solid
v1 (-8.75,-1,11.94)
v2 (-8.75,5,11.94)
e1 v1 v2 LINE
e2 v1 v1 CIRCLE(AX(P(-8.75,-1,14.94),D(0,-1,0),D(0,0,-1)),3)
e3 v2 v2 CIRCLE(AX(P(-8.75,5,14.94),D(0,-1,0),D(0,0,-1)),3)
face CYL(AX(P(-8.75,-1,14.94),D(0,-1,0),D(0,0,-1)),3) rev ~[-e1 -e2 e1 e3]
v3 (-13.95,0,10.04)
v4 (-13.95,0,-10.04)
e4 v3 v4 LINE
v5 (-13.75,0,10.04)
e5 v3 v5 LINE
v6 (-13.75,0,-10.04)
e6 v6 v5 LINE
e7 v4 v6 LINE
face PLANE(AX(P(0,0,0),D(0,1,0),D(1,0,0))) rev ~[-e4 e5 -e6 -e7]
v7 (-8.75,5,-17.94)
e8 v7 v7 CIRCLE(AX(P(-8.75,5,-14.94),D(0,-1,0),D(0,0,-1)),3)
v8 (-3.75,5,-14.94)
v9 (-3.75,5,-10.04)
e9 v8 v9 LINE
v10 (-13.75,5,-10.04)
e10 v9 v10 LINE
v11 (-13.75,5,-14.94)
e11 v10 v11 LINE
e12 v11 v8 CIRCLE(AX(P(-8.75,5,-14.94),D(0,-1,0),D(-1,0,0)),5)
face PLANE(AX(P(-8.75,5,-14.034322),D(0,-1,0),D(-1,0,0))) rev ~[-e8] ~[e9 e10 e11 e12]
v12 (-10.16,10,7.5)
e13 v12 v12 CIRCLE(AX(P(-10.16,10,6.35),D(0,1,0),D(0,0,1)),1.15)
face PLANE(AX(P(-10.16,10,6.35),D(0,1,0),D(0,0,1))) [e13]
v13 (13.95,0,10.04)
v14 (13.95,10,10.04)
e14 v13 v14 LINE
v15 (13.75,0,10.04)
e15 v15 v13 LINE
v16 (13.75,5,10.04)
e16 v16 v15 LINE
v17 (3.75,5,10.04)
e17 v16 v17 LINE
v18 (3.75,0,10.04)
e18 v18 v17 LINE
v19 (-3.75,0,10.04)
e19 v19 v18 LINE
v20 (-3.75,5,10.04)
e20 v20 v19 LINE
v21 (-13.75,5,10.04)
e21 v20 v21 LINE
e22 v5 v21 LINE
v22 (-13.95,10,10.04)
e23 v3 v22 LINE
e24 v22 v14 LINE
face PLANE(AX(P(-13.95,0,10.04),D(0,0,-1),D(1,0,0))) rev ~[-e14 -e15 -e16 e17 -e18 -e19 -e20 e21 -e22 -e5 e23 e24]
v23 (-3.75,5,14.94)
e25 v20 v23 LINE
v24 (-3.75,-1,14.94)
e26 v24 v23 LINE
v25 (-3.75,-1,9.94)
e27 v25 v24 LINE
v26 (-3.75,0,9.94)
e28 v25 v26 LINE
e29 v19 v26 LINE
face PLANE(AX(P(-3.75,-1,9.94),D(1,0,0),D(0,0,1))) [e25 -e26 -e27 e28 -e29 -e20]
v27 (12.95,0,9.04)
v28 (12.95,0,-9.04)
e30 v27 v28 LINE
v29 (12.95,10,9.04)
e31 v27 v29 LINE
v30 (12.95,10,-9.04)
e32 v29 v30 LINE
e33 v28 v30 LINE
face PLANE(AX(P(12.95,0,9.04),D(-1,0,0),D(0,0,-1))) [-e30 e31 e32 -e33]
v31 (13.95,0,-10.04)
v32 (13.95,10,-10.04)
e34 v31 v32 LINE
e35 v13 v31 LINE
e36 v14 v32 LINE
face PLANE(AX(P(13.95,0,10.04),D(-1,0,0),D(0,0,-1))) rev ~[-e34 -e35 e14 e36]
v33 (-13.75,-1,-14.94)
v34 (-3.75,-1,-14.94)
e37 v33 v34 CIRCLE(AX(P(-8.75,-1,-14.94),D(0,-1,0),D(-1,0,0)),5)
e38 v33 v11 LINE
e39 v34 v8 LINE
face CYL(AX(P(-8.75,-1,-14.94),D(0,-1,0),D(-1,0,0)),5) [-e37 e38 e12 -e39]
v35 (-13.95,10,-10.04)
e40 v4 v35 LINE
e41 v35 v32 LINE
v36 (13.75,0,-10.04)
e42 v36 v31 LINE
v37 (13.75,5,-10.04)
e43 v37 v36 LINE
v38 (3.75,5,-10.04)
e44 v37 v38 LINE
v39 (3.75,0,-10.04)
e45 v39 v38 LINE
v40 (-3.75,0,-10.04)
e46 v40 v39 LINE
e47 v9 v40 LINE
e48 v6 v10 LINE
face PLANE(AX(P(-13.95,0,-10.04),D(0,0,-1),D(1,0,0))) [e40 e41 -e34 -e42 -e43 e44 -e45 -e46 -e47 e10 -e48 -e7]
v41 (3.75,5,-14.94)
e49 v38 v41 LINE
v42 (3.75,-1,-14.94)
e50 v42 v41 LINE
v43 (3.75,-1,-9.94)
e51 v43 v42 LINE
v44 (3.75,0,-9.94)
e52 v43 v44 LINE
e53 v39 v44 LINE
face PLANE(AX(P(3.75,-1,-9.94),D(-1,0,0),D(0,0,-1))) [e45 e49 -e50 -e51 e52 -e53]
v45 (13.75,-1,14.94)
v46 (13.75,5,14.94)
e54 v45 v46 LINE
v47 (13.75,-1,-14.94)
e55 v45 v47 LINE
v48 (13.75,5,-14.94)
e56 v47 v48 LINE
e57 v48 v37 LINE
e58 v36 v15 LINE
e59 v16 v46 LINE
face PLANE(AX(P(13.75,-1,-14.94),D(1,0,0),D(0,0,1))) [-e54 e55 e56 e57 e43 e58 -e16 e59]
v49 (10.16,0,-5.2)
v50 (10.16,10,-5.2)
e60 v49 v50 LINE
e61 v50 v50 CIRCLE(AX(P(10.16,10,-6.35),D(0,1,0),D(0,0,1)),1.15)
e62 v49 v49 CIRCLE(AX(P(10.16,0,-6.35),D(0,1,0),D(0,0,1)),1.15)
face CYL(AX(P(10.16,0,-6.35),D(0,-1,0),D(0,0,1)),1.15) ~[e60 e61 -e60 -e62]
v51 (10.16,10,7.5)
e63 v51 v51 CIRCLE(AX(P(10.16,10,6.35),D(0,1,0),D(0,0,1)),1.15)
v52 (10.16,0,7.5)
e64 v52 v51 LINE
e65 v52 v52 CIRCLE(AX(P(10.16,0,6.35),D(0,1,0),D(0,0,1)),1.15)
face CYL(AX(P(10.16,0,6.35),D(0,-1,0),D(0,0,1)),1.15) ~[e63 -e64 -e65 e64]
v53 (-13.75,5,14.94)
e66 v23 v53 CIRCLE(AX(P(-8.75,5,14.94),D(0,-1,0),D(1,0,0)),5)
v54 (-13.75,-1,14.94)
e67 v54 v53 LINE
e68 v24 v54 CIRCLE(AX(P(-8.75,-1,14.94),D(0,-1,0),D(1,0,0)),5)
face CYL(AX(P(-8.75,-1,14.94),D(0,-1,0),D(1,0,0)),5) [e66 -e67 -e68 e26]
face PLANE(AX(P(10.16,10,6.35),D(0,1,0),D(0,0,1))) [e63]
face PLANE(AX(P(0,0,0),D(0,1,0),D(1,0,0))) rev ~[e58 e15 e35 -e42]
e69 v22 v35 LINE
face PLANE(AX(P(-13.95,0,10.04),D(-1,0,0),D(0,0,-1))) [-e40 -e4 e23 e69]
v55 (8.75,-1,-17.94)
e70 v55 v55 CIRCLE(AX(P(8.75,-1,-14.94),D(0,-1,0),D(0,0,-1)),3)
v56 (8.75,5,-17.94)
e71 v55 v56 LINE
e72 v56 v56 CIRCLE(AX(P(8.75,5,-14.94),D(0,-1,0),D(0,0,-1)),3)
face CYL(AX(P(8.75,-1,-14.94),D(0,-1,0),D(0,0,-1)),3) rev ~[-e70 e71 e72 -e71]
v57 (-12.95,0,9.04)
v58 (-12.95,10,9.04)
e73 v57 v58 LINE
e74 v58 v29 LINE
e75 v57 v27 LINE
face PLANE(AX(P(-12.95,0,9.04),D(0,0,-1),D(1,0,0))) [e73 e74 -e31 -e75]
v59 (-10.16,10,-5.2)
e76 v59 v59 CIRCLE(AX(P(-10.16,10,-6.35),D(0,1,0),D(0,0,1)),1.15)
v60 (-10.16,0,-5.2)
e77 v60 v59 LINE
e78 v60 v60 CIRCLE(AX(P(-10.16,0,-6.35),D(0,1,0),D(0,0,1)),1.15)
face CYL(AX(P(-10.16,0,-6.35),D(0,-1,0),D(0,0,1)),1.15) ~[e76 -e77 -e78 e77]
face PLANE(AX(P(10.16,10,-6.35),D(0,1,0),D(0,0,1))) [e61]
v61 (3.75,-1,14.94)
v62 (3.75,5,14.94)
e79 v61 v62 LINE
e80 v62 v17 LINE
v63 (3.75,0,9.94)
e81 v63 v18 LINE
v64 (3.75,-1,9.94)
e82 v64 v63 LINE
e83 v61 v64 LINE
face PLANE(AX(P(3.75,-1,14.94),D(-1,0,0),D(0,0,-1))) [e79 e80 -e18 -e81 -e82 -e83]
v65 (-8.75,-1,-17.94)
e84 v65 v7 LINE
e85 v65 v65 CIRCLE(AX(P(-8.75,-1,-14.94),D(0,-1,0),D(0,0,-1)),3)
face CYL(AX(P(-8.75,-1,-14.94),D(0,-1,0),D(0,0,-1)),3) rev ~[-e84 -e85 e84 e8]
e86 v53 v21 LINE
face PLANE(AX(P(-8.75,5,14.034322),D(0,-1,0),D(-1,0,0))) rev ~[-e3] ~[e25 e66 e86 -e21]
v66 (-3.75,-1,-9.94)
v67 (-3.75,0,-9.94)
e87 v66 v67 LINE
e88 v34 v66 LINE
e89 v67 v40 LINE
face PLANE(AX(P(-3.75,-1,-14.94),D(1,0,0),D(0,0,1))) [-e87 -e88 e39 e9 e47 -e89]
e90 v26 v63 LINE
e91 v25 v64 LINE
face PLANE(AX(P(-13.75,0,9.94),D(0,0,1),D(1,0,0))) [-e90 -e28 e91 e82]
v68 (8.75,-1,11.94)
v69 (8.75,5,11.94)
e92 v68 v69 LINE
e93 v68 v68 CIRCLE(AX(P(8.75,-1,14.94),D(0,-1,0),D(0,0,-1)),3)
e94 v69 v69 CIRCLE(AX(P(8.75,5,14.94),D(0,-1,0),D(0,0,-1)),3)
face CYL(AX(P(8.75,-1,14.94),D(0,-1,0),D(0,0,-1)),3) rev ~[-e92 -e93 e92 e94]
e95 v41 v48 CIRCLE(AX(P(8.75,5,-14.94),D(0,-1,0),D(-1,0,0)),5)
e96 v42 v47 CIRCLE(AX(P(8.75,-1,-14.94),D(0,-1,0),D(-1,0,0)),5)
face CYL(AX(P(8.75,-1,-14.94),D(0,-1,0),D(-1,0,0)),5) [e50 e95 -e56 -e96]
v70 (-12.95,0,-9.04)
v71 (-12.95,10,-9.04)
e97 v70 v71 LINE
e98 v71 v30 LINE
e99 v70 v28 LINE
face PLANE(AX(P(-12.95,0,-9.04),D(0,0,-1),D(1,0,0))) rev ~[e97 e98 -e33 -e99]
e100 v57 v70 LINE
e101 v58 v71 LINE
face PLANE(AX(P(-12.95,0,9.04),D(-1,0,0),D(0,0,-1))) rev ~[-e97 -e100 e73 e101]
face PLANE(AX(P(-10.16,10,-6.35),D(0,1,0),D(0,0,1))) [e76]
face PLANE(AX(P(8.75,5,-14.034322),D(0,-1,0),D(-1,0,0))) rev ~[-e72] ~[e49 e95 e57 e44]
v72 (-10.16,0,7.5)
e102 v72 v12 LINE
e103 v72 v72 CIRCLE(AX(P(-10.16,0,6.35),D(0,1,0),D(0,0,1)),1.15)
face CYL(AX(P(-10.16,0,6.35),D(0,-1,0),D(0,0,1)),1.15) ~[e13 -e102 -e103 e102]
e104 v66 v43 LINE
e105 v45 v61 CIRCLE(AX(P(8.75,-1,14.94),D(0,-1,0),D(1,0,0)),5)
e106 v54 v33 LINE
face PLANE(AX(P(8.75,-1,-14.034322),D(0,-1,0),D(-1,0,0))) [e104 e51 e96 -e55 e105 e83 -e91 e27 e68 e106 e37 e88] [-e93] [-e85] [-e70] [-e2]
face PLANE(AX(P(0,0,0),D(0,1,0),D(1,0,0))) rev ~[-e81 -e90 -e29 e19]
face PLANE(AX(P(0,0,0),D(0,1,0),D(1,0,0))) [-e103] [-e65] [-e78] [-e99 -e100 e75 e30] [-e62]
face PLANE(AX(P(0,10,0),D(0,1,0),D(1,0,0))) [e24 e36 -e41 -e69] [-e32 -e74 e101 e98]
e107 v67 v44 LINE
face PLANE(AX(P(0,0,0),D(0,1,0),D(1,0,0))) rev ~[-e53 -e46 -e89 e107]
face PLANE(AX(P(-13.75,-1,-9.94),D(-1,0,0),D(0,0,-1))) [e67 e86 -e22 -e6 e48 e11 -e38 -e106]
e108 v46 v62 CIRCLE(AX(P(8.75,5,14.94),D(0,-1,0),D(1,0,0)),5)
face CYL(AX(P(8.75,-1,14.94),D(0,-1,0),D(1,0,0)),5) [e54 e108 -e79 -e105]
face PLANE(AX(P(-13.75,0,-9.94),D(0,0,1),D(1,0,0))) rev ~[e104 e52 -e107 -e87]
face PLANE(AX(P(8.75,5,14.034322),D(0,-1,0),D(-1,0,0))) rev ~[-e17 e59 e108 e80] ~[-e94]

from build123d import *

# Parameters (mm, degrees)
SKETCH1_W           = 27.9
SKETCH1_H           = 20.08
SKETCH1_W_2         = 25.9
SKETCH1_H_2         = 18.08
BOSS_EXTRUDE1_DEPTH = 10
SKETCH3_W           = 27.5
SKETCH3_H           = 19.88
BOSS_EXTRUDE2_DEPTH = 1
SKETCH4_R           = 1.15
BOSS_EXTRUDE3_DEPTH = 10
SKETCH12_R          = 3
BOSS_EXTRUDE6_DEPTH = 6


with BuildPart() as part:
    # Sketch1 → Boss-Extrude1 (new body)
    with BuildSketch(Plane(origin=(0, 0, 0), x_dir=(1, 0, 0), z_dir=(0, 1, 0))):
        Rectangle(SKETCH1_W, SKETCH1_H)
        Rectangle(SKETCH1_W_2, SKETCH1_H_2, mode=Mode.SUBTRACT)
    extrude(amount=BOSS_EXTRUDE1_DEPTH)

    # Sketch3 → Boss-Extrude2 (add)
    with BuildSketch(Plane(origin=(0, 0, 0), x_dir=(1, 0, 0), z_dir=(0, 1, 0))):
        Rectangle(SKETCH3_W, SKETCH3_H)
    extrude(amount=-BOSS_EXTRUDE2_DEPTH)

    # Sketch4 → Boss-Extrude3 (add)
    with BuildSketch(Plane(origin=(0, 0, 0), x_dir=(1, 0, 0), z_dir=(0, 1, 0))):
        with Locations((-10.16, 6.35)):
            Circle(SKETCH4_R)
        with Locations((10.16, 6.35)):
            Circle(SKETCH4_R)
        with Locations((-10.16, -6.35)):
            Circle(SKETCH4_R)
        with Locations((10.16, -6.35)):
            Circle(SKETCH4_R)
    extrude(amount=BOSS_EXTRUDE3_DEPTH)

    # Sketch12 → Boss-Extrude6 (add)
    # profile 1 of 4: a face of its own
    with BuildSketch(Plane(origin=(40.87798925, -1, 20.164210109), x_dir=(-1, 0, 0), z_dir=(0, -1, 0))):
        with BuildLine():
            Line((27.12798925, 35.104210109), (27.12798925, 30.104210109))
            Line((27.12798925, 30.104210109), (37.12798925, 30.104210109))
            Line((37.12798925, 30.104210109), (37.12798925, 35.104210109))
            ThreePointArc((37.12798925, 35.104210109), (32.12798925, 40.104210109), (27.12798925, 35.104210109))
        make_face()
        with Locations((32.12798925, 35.104210109)):
            Circle(SKETCH12_R, mode=Mode.SUBTRACT)
    # profile 2 of 4: a face of its own
    with BuildSketch(Plane(origin=(40.87798925, -1, 20.164210109), x_dir=(-1, 0, 0), z_dir=(0, -1, 0))):
        with BuildLine():
            Line((37.12798925, 5.224210109), (37.12798925, 10.224210109))
            Line((37.12798925, 10.224210109), (27.12798925, 10.224210109))
            Line((27.12798925, 10.224210109), (27.12798925, 5.224210109))
            ThreePointArc((27.12798925, 5.224210109), (32.12798925, 0.224210109), (37.12798925, 5.224210109))
        make_face()
        with Locations((32.12798925, 5.224210109)):
            Circle(SKETCH12_R, mode=Mode.SUBTRACT)
    # profile 3 of 4: a face of its own
    with BuildSketch(Plane(origin=(40.87798925, -1, 20.164210109), x_dir=(-1, 0, 0), z_dir=(0, -1, 0))):
        with BuildLine():
            Line((54.62798925, 5.224210109), (54.62798925, 10.224210109))
            Line((54.62798925, 10.224210109), (44.62798925, 10.224210109))
            Line((44.62798925, 10.224210109), (44.62798925, 5.224210109))
            ThreePointArc((44.62798925, 5.224210109), (49.62798925, 0.224210109), (54.62798925, 5.224210109))
        make_face()
        with Locations((49.62798925, 5.224210109)):
            Circle(SKETCH12_R, mode=Mode.SUBTRACT)
    # profile 4 of 4: a face of its own
    with BuildSketch(Plane(origin=(40.87798925, -1, 20.164210109), x_dir=(-1, 0, 0), z_dir=(0, -1, 0))):
        with BuildLine():
            Line((44.62798925, 35.104210109), (44.62798925, 30.104210109))
            Line((44.62798925, 30.104210109), (54.62798925, 30.104210109))
            Line((54.62798925, 30.104210109), (54.62798925, 35.104210109))
            ThreePointArc((54.62798925, 35.104210109), (49.62798925, 40.104210109), (44.62798925, 35.104210109))
        make_face()
        with Locations((49.62798925, 35.104210109)):
            Circle(SKETCH12_R, mode=Mode.SUBTRACT)
    extrude(amount=-BOSS_EXTRUDE6_DEPTH)


solid = part.part
